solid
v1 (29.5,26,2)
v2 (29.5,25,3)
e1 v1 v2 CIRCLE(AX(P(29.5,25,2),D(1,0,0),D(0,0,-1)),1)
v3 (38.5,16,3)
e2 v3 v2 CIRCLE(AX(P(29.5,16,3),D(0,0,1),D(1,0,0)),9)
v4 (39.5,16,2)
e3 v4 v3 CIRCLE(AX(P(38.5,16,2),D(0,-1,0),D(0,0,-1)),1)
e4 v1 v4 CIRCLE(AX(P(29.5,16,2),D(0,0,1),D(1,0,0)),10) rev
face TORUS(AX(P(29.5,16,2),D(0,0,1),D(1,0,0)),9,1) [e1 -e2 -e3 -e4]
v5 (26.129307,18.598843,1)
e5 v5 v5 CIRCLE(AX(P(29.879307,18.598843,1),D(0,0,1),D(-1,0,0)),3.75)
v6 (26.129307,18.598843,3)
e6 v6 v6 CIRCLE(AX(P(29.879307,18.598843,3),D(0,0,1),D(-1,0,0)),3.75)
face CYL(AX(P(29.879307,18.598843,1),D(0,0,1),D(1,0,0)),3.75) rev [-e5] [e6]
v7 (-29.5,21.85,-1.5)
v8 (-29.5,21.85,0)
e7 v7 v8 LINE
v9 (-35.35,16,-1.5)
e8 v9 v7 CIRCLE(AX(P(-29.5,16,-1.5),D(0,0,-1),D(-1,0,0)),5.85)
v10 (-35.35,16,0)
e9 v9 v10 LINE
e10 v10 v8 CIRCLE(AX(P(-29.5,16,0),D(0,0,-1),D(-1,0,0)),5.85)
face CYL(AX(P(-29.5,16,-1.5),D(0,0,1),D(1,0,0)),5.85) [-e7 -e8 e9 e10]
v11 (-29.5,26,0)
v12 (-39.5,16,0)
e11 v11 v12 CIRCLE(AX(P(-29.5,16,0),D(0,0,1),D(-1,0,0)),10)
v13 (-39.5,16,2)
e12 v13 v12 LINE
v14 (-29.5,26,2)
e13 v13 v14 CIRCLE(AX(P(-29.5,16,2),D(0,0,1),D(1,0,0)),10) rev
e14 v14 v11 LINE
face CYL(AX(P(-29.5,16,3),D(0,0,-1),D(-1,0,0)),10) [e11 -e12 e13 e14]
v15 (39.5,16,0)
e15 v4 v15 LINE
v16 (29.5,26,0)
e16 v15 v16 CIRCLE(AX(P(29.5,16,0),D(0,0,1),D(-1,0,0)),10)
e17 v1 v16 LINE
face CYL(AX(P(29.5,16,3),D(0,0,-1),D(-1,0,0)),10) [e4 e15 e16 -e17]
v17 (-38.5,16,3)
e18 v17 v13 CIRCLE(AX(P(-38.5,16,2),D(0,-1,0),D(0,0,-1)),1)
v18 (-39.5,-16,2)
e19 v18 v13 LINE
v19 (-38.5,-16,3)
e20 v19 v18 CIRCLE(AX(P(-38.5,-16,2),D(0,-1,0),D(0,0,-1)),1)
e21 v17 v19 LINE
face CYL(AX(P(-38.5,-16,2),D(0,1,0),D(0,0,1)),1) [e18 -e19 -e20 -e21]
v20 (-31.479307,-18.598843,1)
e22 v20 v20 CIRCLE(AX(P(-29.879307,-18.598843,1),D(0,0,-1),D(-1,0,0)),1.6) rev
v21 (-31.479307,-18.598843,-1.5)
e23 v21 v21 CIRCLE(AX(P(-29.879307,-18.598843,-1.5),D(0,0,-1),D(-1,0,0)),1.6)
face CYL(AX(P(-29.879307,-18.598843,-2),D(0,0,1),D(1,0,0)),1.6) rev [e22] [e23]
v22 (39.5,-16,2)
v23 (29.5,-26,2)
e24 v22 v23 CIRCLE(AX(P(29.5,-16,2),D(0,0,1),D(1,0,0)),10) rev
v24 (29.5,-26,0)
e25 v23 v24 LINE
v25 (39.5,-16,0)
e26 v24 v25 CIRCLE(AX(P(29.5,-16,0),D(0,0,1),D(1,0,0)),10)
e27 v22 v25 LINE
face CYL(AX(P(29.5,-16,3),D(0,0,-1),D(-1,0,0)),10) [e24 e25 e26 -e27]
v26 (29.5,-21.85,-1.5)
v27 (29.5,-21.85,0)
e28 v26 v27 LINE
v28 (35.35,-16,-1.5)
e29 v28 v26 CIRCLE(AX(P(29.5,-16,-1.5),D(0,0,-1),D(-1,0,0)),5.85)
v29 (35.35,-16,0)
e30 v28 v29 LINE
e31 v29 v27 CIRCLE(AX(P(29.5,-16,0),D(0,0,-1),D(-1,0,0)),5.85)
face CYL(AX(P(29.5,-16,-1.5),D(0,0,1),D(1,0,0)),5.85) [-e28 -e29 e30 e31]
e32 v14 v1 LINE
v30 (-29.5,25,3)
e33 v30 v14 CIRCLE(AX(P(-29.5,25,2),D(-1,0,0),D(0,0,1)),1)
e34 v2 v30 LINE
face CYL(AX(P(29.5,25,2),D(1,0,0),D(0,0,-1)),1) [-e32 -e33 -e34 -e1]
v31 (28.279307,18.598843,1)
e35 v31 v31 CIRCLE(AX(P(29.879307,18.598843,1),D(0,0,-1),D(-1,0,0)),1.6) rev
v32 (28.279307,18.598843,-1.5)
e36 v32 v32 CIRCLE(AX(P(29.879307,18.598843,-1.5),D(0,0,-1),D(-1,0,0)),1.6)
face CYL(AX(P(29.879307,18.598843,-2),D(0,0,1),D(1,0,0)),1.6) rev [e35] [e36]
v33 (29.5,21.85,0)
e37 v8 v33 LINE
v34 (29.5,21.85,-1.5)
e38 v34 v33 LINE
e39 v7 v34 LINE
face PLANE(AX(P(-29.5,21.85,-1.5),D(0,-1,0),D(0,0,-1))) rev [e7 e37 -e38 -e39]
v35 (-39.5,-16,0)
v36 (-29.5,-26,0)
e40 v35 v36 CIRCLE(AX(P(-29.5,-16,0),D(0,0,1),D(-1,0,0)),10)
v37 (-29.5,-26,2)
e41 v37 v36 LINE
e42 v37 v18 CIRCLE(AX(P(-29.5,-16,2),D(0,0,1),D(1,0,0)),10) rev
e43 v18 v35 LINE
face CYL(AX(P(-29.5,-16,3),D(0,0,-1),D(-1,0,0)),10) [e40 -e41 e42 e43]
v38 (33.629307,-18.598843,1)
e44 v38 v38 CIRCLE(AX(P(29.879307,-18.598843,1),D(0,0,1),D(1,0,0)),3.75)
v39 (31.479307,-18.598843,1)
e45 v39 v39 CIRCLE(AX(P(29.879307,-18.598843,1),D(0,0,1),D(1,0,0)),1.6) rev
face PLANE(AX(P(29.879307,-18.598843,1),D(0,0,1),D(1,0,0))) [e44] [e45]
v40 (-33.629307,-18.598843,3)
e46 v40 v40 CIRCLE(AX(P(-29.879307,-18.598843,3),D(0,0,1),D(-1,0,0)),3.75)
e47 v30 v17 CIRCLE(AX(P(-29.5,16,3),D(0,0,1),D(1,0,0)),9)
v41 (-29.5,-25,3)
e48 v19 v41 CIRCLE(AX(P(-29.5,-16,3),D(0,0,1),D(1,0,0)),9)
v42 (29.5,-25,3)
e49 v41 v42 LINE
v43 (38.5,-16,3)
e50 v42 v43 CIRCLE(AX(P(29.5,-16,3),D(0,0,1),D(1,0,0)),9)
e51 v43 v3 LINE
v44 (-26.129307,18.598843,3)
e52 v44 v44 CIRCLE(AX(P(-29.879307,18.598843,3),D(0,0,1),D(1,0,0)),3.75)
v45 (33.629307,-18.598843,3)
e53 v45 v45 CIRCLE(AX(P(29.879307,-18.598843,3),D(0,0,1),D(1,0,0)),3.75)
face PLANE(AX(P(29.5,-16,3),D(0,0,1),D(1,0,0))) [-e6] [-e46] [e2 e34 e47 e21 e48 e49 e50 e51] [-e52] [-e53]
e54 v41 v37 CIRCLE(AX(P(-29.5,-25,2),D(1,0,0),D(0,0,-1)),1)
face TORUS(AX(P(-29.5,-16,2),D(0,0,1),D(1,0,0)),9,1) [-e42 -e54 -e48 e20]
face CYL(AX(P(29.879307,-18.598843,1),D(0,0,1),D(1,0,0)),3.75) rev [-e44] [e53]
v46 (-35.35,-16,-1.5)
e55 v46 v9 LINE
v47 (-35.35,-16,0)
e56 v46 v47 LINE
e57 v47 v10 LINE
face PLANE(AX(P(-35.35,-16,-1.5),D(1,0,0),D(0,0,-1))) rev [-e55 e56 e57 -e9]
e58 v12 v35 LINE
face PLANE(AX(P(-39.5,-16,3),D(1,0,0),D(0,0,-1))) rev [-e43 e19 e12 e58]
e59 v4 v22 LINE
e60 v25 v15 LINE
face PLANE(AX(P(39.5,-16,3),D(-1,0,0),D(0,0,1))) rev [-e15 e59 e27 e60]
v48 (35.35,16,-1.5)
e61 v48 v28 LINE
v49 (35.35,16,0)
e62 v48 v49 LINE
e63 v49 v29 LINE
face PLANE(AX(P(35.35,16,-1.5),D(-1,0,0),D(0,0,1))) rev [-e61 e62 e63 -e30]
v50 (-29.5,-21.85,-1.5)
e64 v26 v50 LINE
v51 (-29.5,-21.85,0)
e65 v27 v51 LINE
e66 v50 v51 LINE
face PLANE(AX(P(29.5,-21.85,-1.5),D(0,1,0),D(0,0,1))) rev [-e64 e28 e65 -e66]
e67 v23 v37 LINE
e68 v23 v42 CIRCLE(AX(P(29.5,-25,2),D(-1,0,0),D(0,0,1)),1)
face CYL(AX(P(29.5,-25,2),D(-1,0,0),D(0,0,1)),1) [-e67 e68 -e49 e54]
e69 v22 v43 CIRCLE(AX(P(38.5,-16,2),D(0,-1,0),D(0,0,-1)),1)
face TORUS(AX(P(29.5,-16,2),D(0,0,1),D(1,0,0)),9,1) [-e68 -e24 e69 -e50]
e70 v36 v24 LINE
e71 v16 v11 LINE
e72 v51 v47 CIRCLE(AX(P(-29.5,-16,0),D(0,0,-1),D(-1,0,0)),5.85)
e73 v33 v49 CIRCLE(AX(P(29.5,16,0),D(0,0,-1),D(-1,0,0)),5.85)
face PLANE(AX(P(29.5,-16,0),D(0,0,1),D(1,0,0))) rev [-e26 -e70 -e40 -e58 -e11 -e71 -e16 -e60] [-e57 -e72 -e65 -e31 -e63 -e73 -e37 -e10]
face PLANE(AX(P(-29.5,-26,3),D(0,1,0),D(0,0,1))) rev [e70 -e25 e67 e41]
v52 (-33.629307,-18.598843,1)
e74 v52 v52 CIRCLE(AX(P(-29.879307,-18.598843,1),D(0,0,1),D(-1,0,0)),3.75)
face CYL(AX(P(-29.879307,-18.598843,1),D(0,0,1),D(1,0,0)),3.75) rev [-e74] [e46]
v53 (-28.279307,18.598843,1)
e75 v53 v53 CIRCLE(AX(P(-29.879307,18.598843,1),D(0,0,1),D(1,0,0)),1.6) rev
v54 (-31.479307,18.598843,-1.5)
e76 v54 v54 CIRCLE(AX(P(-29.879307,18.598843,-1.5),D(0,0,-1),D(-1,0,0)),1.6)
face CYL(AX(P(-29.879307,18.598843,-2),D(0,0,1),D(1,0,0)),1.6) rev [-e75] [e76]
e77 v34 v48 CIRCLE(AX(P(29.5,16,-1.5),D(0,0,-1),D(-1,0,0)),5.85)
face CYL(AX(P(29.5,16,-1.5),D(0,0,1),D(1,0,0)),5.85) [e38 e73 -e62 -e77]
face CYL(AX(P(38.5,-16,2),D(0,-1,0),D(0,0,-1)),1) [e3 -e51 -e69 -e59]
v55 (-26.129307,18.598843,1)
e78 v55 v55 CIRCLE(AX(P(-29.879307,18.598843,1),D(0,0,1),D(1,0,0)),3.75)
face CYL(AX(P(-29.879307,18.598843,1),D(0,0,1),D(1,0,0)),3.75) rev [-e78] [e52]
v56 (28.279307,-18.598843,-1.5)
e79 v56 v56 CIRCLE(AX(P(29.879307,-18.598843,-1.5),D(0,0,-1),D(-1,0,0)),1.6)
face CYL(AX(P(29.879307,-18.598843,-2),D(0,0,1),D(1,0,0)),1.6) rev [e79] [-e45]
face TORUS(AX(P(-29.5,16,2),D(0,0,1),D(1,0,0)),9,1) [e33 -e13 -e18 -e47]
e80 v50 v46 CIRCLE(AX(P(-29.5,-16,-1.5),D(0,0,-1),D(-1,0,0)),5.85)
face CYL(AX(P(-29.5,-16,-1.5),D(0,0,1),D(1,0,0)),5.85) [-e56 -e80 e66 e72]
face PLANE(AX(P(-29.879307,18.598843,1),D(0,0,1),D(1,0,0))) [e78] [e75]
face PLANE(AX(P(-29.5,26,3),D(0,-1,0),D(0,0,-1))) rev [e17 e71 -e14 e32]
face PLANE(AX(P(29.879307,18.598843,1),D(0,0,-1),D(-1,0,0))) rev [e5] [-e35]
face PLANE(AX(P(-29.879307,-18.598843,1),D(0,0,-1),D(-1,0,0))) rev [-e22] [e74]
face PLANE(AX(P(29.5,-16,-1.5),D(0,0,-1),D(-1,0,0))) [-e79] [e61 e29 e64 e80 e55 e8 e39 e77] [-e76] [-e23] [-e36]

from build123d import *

# Parameters (mm, degrees)
Y_KSEKLIK_EKSTR_ZYON1_DEPTH = 3
Y_KSEKLIK_EKSTR_ZYON2_DEPTH = 1.5
RADYUS1_R                   = 1
IZIM5_R                     = 1.6
KES_EKSTR_ZYON1_DEPTH       = 5
IZIM6_R                     = 3.75
KES_EKSTR_ZYON2_DEPTH       = 2


with BuildPart() as part:
    # Çizim1 → Yükseklik-Ekstrüzyon1 (new body)
    with BuildSketch(Plane.XY):
        with BuildLine():
            Line((-29.5, -26), (29.5, -26))
            ThreePointArc((29.5, -26), (36.571067812, -23.071067812), (39.5, -16))
            Line((39.5, -16), (39.5, 16))
            ThreePointArc((39.5, 16), (36.571067812, 23.071067812), (29.5, 26))
            Line((29.5, 26), (-29.5, 26))
            ThreePointArc((-29.5, 26), (-36.571067812, 23.071067812), (-39.5, 16))
            Line((-39.5, 16), (-39.5, -16))
            ThreePointArc((-39.5, -16), (-36.571067812, -23.071067812), (-29.5, -26))
        make_face()
    extrude(amount=Y_KSEKLIK_EKSTR_ZYON1_DEPTH)

    # Çizim4 → Yükseklik-Ekstrüzyon2 (add)
    with BuildSketch(Plane(origin=(0, 0, 0), x_dir=(-1, 0, 0), z_dir=(0, 0, -1))):
        with BuildLine():
            Line((-35.35, 16), (-35.35, -16))
            ThreePointArc((-35.35, -16), (-33.63657467, -20.13657467), (-29.5, -21.85))
            Line((-29.5, -21.85), (29.5, -21.85))
            ThreePointArc((29.5, -21.85), (33.63657467, -20.13657467), (35.35, -16))
            Line((35.35, -16), (35.35, 16))
            ThreePointArc((35.35, 16), (33.63657467, 20.13657467), (29.5, 21.85))
            Line((29.5, 21.85), (-29.5, 21.85))
            ThreePointArc((-29.5, 21.85), (-33.63657467, 20.13657467), (-35.35, 16))
        make_face()
    extrude(amount=Y_KSEKLIK_EKSTR_ZYON2_DEPTH)

    # Radyus1
    radyus1_edges = [part.edges().sort_by_distance(p)[0] for p in [
        (36.571067812, 23.071067812, 3),
        (0, 26, 3),
        (-36.571067812, 23.071067812, 3),
        (-39.5, 0, 3),
        (-36.571067812, -23.071067812, 3),
        (0, -26, 3),
        (36.571067812, -23.071067812, 3),
        (39.5, 0, 3),
    ]]
    fillet(radyus1_edges, radius=RADYUS1_R)

    # Çizim5 → Kes-Ekstrüzyon1 (cut)
    with BuildSketch(Plane.XY.offset(3)):
        with Locations((29.879306909, -18.598843149)):
            Circle(IZIM5_R)
        with Locations((-29.879306909, -18.598843149)):
            Circle(IZIM5_R)
        with Locations((-29.879306909, 18.598843149)):
            Circle(IZIM5_R)
        with Locations((29.879306909, 18.598843149)):
            Circle(IZIM5_R)
    extrude(amount=-KES_EKSTR_ZYON1_DEPTH, mode=Mode.SUBTRACT)

    # Çizim6 → Kes-Ekstrüzyon2 (cut)
    with BuildSketch(Plane.XY.offset(3)):
        with Locations((29.879306909, -18.598843149)):
            Circle(IZIM6_R)
        with Locations((-29.879306909, -18.598843149)):
            Circle(IZIM6_R)
        with Locations((-29.879306909, 18.598843149)):
            Circle(IZIM6_R)
        with Locations((29.879306909, 18.598843149)):
            Circle(IZIM6_R)
    extrude(amount=-KES_EKSTR_ZYON2_DEPTH, mode=Mode.SUBTRACT)


solid = part.part
